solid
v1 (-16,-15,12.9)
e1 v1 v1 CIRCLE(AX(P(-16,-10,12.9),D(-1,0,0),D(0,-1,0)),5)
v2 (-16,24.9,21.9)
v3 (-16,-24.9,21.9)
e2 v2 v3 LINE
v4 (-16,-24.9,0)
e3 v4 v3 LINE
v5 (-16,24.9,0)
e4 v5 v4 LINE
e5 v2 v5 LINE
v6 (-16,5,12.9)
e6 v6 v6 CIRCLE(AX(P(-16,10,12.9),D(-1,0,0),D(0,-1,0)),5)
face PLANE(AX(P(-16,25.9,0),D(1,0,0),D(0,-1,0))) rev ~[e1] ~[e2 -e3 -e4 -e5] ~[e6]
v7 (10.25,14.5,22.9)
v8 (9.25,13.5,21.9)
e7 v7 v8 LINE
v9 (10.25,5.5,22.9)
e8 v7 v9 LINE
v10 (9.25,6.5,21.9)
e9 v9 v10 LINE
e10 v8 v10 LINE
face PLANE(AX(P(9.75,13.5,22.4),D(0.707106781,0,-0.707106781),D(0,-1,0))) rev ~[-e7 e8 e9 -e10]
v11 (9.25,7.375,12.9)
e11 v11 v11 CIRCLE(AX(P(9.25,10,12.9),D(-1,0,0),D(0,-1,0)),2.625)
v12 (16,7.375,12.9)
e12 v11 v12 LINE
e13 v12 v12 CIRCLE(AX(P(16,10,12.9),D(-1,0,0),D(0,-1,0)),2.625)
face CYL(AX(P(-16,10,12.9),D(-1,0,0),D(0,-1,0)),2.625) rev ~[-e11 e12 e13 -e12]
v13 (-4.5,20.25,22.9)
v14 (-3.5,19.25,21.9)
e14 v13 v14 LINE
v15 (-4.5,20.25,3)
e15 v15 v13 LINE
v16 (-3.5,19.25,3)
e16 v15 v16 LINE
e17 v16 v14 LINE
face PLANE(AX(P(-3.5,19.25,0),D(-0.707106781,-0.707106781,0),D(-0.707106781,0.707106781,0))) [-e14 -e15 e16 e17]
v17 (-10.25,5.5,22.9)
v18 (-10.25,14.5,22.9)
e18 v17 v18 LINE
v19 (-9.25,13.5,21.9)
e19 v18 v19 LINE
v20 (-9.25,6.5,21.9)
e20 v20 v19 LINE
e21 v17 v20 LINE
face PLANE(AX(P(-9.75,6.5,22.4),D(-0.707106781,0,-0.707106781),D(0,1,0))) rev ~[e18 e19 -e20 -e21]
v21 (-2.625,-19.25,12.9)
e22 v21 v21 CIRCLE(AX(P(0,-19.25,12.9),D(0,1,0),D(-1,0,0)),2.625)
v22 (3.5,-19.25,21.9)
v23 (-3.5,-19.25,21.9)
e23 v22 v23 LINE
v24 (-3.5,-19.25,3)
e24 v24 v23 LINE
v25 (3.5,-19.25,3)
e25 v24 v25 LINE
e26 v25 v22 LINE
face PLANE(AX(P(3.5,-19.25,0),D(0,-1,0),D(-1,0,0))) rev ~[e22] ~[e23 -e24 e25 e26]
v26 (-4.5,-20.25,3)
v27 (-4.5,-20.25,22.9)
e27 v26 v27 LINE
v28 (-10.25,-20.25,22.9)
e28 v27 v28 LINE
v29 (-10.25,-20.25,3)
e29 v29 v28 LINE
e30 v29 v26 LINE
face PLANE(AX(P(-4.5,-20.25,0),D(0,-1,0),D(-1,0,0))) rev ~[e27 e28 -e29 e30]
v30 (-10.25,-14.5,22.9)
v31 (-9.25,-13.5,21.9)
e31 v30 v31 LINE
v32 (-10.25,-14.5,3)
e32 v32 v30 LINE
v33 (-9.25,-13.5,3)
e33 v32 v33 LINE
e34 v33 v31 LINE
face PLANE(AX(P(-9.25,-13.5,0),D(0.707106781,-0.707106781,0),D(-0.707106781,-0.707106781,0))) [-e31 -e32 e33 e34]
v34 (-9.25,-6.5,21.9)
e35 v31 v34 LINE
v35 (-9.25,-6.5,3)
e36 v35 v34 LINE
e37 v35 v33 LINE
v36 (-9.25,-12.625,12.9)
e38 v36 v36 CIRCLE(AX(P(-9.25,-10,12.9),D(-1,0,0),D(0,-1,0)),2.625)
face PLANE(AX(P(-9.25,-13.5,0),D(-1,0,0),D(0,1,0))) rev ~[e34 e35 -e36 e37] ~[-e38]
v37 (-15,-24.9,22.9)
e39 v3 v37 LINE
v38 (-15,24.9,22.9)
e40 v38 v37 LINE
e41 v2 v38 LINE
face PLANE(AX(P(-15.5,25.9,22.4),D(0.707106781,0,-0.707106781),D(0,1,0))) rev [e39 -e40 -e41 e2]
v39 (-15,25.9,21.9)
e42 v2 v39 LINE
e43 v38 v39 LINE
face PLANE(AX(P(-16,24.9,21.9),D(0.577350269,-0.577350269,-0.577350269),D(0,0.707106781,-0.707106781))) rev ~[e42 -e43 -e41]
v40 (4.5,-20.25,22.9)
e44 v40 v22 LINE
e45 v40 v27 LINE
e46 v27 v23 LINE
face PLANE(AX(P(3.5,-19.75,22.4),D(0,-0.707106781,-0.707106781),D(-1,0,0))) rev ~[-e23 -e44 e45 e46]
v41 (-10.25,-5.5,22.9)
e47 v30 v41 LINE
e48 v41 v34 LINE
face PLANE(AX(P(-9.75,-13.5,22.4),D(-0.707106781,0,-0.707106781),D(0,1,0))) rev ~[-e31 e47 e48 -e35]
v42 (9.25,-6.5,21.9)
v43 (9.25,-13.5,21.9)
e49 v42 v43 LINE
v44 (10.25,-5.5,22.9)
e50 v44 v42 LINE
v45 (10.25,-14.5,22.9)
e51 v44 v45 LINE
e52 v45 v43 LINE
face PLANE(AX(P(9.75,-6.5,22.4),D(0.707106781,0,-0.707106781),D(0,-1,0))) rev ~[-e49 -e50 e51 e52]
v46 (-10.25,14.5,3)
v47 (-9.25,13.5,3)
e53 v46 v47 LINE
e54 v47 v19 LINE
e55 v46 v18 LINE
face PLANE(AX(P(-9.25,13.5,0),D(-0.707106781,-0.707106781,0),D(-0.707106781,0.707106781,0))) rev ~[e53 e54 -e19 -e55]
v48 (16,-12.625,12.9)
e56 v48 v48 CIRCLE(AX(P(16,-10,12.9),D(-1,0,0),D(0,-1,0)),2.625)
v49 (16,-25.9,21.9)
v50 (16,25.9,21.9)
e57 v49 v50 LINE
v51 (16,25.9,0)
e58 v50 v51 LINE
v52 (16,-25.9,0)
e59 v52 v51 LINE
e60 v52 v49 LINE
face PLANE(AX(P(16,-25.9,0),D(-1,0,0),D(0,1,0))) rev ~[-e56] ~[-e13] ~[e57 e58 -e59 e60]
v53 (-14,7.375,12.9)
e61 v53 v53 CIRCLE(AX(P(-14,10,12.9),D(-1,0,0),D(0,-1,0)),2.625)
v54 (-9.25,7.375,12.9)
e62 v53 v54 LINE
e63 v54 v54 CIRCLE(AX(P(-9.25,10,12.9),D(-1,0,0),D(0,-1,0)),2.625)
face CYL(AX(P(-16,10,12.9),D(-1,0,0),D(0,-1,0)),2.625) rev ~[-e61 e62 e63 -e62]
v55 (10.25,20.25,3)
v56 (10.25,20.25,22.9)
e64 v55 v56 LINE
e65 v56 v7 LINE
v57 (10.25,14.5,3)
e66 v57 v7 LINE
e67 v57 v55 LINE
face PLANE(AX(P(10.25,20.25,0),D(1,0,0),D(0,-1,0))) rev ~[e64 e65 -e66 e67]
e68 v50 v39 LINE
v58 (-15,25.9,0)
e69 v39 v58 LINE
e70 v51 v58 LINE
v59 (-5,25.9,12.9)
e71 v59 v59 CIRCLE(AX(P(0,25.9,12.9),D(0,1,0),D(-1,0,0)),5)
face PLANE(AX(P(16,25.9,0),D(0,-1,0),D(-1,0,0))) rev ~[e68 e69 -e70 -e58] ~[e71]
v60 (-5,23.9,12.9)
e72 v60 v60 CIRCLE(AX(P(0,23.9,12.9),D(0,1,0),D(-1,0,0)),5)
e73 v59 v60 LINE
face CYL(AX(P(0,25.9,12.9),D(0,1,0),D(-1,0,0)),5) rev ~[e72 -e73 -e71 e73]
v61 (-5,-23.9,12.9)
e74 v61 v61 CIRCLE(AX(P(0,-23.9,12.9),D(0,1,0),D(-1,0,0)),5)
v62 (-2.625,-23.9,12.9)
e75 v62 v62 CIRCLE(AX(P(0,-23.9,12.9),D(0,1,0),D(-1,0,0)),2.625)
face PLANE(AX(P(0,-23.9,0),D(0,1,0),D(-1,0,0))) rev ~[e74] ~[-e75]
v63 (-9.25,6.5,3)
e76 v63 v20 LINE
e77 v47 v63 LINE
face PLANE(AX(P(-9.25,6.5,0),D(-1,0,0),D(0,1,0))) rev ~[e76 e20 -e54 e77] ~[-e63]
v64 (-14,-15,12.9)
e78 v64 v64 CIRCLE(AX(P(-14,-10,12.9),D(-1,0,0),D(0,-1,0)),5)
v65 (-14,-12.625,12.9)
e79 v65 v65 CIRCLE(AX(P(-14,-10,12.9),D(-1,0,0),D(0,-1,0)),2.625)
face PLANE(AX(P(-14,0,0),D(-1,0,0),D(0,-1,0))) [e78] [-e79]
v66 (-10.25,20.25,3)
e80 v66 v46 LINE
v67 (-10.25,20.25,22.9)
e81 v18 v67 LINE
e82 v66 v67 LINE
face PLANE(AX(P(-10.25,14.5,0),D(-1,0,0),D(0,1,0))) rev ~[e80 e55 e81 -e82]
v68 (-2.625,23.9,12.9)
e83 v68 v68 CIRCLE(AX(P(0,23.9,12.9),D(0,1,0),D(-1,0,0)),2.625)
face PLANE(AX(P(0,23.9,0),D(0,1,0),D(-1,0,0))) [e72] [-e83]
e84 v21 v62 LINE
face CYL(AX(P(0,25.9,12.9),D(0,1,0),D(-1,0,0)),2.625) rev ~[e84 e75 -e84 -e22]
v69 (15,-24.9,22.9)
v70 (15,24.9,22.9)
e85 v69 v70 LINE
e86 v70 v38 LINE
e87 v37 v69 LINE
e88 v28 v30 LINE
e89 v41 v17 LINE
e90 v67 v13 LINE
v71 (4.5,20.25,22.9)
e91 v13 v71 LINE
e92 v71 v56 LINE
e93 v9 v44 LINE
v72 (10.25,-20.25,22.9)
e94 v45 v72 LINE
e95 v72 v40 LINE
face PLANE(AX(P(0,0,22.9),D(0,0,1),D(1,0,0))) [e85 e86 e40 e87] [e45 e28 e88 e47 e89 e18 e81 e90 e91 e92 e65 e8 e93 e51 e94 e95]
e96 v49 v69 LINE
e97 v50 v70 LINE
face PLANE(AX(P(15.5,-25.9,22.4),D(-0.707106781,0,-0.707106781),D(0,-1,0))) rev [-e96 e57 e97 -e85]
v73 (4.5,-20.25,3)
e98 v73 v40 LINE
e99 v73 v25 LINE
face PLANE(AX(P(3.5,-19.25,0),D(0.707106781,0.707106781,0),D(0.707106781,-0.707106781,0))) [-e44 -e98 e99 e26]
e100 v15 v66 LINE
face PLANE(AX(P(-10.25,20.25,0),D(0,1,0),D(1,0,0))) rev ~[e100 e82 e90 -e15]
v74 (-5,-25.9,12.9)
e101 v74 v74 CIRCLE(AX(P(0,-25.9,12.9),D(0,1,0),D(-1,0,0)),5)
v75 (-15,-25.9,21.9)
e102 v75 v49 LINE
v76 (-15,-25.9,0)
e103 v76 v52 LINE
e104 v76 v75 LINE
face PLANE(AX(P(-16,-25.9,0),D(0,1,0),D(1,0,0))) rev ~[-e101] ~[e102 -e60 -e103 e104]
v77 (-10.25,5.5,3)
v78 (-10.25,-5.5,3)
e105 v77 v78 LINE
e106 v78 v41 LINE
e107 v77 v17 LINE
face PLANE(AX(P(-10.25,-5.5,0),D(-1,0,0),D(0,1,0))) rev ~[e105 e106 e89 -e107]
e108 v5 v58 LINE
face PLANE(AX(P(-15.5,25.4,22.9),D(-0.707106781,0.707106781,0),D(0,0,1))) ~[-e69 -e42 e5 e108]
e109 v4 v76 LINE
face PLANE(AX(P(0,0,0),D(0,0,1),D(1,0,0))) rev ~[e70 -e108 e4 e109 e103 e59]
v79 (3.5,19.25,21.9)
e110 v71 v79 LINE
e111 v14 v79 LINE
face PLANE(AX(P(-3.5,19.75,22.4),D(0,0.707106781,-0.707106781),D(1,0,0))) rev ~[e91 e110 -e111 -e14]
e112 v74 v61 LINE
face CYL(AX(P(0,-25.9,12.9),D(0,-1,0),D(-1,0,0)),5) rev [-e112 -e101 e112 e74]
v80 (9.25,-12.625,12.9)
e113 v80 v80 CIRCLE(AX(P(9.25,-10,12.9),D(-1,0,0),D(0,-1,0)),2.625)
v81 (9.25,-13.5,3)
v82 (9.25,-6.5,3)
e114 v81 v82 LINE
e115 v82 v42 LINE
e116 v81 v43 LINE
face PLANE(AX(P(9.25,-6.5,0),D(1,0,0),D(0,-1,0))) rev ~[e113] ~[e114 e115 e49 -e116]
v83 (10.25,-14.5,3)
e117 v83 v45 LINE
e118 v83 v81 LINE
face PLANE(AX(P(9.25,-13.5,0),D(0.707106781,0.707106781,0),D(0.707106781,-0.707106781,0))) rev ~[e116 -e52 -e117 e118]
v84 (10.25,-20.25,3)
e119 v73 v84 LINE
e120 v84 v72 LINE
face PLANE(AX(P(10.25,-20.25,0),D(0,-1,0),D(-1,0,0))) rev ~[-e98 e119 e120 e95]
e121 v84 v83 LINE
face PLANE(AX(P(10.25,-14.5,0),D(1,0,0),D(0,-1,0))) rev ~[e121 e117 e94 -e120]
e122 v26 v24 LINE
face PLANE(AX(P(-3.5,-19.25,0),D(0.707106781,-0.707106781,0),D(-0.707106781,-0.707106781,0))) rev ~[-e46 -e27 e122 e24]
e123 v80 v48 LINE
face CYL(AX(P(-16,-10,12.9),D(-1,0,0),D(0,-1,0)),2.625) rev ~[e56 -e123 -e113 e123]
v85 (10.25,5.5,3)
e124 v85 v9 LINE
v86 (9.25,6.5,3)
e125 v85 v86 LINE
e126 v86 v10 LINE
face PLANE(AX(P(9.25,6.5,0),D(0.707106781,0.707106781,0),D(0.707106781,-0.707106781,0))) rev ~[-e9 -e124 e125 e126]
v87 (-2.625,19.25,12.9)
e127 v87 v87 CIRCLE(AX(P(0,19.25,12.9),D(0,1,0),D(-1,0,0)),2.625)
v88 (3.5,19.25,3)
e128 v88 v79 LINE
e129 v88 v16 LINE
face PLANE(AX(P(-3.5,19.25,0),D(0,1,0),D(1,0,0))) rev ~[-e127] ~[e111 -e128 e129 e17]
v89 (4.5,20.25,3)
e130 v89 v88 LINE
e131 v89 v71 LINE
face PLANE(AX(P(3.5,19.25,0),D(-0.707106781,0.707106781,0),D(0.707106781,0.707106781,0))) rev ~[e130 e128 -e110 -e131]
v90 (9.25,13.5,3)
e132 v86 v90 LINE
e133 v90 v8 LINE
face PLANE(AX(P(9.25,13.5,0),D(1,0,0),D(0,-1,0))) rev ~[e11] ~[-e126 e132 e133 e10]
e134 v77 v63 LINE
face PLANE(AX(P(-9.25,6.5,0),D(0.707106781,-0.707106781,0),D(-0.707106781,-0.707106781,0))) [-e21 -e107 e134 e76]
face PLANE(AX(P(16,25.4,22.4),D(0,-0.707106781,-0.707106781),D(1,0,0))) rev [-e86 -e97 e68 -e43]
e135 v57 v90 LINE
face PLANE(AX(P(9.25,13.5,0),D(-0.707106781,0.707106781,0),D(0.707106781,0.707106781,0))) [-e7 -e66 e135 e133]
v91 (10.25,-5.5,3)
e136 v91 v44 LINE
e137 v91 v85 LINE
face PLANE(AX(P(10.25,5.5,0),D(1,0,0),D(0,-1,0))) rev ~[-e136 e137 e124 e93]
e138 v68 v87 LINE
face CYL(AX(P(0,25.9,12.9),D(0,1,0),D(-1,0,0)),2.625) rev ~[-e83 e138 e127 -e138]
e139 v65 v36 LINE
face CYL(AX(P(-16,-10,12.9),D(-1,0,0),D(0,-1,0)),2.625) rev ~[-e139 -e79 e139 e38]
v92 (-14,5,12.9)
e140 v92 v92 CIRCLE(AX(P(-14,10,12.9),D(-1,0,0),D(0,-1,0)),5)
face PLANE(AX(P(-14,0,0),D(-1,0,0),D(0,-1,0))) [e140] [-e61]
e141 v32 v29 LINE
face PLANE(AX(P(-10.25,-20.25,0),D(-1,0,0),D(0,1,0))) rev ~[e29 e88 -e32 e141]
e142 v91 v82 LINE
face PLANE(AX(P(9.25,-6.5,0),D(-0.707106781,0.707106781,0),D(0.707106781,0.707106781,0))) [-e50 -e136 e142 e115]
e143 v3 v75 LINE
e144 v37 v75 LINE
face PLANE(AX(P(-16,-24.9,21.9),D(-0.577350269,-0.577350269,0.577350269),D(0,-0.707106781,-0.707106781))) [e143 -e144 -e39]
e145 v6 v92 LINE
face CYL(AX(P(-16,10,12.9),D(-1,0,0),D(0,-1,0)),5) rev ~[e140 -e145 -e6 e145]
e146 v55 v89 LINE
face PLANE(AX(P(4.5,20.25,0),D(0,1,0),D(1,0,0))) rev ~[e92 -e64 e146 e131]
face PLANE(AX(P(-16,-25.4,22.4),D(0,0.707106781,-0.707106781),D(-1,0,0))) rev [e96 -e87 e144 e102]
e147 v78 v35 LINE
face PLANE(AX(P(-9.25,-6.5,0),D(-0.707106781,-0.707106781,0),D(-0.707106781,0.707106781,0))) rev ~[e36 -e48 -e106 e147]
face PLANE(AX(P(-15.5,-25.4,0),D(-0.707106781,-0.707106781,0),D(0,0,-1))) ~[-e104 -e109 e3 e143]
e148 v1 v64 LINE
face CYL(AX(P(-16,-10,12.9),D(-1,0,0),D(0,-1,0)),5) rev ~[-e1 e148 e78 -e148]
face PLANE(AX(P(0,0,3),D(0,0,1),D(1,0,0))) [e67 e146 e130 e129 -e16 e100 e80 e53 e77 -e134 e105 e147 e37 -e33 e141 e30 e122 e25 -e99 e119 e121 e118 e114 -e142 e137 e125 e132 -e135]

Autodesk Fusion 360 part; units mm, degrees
sketch "Main Profile" plane through (0, 0, 0) normal (0, 0, 1) x (1, 0, 0)
  line L0 (10.25, -20.25) -> (-10.25, -20.25)
  line L1 (-10.25, -20.25) -> (-10.25, 20.25)
  line L2 (-10.25, 20.25) -> (10.25, 20.25)
  line L3 (10.25, 20.25) -> (10.25, -20.25)
  line L4 (10.25, -20.25) -> (-10.25, 20.25) construction
  line L5 (-10.25, -20.25) -> (10.25, 20.25) construction
  line L6 (-16, -25.9) -> (16, -25.9)
  line L7 (16, -25.9) -> (16, 25.9)
  line L8 (16, 25.9) -> (-16, 25.9)
  line L9 (-16, 25.9) -> (-16, -25.9)
  line L10 (-16, -25.9) -> (16, 25.9) construction
  line L11 (16, -25.9) -> (-16, 25.9) construction
  line L12 (-3.5, 19.25) -> (3.5, 19.25)
  line L13 (3.5, 19.25) -> (4.5, 20.25)
  line L14 (-3.5, 19.25) -> (-4.5, 20.25)
  line L15 (0, 20.25) -> (0, 19.25) construction
  line L16 (-9.25, 6.5) -> (-9.25, 13.5)
  line L17 (-9.25, 13.5) -> (-10.25, 14.5)
  line L18 (-9.25, 6.5) -> (-10.25, 5.5)
  line L19 (9.25, 13.5) -> (9.25, 6.5)
  line L20 (9.25, 6.5) -> (10.25, 5.5)
  line L21 (9.25, 13.5) -> (10.25, 14.5)
  line L22 (9.25, -13.5) -> (10.25, -14.5)
  line L23 (9.25, -6.5) -> (9.25, -13.5)
  line L24 (9.25, -6.5) -> (10.25, -5.5)
  line L25 (3.5, -19.25) -> (4.5, -20.25)
  line L26 (3.5, -19.25) -> (-3.5, -19.25)
  line L27 (-3.5, -19.25) -> (-4.5, -20.25)
  line L28 (-9.25, -13.5) -> (-10.25, -14.5)
  line L29 (-9.25, -13.5) -> (-9.25, -6.5)
  line L30 (-9.25, -6.5) -> (-10.25, -5.5)
  point P0 (0, 10)
  dimension "d1" = 40.5
  dimension "d2" = 20.5
  dimension "d3" = 32
  dimension "d4" = 51.8
  dimension "d5" = 1
  dimension "d6" = 135
  dimension "d7" = 7
  dimension "d8" = 135
  dimension "d9" = 10.25
  dimension "d11" = 360
  dimension "d13" = 360
extrude "Extrude1" add sketch "Main Profile" along normal blind 3 contours L0 L1 L2 L3 L12 L13 L14 L16 L17 L18 L19 L20 L21 L22 L23 L24 L25 L26 L27 L28 L29 L30 | L0 L25 L26 L27 | L3 L22 L23 L24 | L3 L19 L20 L21 | L1 L28 L29 L30 | L1 L16 L17 L18 | L2 L12 L13 L14 | L6 L7 L8 L9
extrude "Extrude2" add sketch "Main Profile" along normal blind 22.9 contours L0 L25 L26 L27 | L3 L22 L23 L24 | L3 L19 L20 L21 | L1 L28 L29 L30 | L1 L16 L17 L18 | L2 L12 L13 L14 | L6 L7 L8 L9
sketch "Short Side" plane through (0, 25.9, 0) normal (0, 1, 0) x (-1, 0, 0)
  line L0 (-16, 0) -> (16, 0)
  line L1 (16, 0) -> (16, 22.9)
  line L2 (16, 22.9) -> (-16, 22.9)
  line L3 (-16, 22.9) -> (-16, 0)
  circle A0 centre (0, 12.9) radius 5
  circle A1 centre (0, 12.9) radius 2.625
  dimension "d18" = 10
  dimension "d19" = 5.25
  dimension "d20" = 12.9
extrude "Extrude3" cut sketch "Short Side" against normal blind 63.819 contours A1
extrude "Extrude4" cut sketch "Short Side" against normal blind 2 contours A0
extrude "Extrude5" cut sketch "Short Side" along normal blind 2 from surface at -51.8 contours A0
sketch "Long Side" plane through (-16, 0, 0) normal (-1, 0, 0) x (0, -1, 0)
  line L0 (-25.9, 0) -> (25.9, 0)
  line L1 (25.9, 0) -> (25.9, 22.9)
  line L2 (25.9, 22.9) -> (-25.9, 22.9)
  line L3 (-25.9, 22.9) -> (-25.9, 0)
  circle A0 centre (-10, 12.9) radius 5
  circle A1 centre (-10, 12.9) radius 2.625
  circle A2 centre (10, 12.9) radius 5
  circle A3 centre (10, 12.9) radius 2.625
  dimension "d28" = 10
  dimension "d29" = 5.25
  dimension "d30" = 10
  dimension "d31" = 12.9
  dimension "d34" = 20
  dimension "d35" = 0
extrude "Extrude6" cut sketch "Long Side" against normal blind 62.946 contours A1 | A3
extrude "Extrude7" cut sketch "Long Side" against normal blind 2 contours A0 | A2
chamfer "Chamfer1" distance 1 angle 45 12 edges at (9.25, 10, 22.9) (9.25, -10, 22.9) (-9.25, -10, 22.9) (0, -19.25, 22.9) (-9.25, 10, 22.9) (0, 19.25, 22.9) (0, 25.9, 22.9) (16, 0, 22.9) (0, -25.9, 22.9) (-16, 0, 22.9) (-16, -25.9, 11.45) (-16, 25.9, 11.45)
